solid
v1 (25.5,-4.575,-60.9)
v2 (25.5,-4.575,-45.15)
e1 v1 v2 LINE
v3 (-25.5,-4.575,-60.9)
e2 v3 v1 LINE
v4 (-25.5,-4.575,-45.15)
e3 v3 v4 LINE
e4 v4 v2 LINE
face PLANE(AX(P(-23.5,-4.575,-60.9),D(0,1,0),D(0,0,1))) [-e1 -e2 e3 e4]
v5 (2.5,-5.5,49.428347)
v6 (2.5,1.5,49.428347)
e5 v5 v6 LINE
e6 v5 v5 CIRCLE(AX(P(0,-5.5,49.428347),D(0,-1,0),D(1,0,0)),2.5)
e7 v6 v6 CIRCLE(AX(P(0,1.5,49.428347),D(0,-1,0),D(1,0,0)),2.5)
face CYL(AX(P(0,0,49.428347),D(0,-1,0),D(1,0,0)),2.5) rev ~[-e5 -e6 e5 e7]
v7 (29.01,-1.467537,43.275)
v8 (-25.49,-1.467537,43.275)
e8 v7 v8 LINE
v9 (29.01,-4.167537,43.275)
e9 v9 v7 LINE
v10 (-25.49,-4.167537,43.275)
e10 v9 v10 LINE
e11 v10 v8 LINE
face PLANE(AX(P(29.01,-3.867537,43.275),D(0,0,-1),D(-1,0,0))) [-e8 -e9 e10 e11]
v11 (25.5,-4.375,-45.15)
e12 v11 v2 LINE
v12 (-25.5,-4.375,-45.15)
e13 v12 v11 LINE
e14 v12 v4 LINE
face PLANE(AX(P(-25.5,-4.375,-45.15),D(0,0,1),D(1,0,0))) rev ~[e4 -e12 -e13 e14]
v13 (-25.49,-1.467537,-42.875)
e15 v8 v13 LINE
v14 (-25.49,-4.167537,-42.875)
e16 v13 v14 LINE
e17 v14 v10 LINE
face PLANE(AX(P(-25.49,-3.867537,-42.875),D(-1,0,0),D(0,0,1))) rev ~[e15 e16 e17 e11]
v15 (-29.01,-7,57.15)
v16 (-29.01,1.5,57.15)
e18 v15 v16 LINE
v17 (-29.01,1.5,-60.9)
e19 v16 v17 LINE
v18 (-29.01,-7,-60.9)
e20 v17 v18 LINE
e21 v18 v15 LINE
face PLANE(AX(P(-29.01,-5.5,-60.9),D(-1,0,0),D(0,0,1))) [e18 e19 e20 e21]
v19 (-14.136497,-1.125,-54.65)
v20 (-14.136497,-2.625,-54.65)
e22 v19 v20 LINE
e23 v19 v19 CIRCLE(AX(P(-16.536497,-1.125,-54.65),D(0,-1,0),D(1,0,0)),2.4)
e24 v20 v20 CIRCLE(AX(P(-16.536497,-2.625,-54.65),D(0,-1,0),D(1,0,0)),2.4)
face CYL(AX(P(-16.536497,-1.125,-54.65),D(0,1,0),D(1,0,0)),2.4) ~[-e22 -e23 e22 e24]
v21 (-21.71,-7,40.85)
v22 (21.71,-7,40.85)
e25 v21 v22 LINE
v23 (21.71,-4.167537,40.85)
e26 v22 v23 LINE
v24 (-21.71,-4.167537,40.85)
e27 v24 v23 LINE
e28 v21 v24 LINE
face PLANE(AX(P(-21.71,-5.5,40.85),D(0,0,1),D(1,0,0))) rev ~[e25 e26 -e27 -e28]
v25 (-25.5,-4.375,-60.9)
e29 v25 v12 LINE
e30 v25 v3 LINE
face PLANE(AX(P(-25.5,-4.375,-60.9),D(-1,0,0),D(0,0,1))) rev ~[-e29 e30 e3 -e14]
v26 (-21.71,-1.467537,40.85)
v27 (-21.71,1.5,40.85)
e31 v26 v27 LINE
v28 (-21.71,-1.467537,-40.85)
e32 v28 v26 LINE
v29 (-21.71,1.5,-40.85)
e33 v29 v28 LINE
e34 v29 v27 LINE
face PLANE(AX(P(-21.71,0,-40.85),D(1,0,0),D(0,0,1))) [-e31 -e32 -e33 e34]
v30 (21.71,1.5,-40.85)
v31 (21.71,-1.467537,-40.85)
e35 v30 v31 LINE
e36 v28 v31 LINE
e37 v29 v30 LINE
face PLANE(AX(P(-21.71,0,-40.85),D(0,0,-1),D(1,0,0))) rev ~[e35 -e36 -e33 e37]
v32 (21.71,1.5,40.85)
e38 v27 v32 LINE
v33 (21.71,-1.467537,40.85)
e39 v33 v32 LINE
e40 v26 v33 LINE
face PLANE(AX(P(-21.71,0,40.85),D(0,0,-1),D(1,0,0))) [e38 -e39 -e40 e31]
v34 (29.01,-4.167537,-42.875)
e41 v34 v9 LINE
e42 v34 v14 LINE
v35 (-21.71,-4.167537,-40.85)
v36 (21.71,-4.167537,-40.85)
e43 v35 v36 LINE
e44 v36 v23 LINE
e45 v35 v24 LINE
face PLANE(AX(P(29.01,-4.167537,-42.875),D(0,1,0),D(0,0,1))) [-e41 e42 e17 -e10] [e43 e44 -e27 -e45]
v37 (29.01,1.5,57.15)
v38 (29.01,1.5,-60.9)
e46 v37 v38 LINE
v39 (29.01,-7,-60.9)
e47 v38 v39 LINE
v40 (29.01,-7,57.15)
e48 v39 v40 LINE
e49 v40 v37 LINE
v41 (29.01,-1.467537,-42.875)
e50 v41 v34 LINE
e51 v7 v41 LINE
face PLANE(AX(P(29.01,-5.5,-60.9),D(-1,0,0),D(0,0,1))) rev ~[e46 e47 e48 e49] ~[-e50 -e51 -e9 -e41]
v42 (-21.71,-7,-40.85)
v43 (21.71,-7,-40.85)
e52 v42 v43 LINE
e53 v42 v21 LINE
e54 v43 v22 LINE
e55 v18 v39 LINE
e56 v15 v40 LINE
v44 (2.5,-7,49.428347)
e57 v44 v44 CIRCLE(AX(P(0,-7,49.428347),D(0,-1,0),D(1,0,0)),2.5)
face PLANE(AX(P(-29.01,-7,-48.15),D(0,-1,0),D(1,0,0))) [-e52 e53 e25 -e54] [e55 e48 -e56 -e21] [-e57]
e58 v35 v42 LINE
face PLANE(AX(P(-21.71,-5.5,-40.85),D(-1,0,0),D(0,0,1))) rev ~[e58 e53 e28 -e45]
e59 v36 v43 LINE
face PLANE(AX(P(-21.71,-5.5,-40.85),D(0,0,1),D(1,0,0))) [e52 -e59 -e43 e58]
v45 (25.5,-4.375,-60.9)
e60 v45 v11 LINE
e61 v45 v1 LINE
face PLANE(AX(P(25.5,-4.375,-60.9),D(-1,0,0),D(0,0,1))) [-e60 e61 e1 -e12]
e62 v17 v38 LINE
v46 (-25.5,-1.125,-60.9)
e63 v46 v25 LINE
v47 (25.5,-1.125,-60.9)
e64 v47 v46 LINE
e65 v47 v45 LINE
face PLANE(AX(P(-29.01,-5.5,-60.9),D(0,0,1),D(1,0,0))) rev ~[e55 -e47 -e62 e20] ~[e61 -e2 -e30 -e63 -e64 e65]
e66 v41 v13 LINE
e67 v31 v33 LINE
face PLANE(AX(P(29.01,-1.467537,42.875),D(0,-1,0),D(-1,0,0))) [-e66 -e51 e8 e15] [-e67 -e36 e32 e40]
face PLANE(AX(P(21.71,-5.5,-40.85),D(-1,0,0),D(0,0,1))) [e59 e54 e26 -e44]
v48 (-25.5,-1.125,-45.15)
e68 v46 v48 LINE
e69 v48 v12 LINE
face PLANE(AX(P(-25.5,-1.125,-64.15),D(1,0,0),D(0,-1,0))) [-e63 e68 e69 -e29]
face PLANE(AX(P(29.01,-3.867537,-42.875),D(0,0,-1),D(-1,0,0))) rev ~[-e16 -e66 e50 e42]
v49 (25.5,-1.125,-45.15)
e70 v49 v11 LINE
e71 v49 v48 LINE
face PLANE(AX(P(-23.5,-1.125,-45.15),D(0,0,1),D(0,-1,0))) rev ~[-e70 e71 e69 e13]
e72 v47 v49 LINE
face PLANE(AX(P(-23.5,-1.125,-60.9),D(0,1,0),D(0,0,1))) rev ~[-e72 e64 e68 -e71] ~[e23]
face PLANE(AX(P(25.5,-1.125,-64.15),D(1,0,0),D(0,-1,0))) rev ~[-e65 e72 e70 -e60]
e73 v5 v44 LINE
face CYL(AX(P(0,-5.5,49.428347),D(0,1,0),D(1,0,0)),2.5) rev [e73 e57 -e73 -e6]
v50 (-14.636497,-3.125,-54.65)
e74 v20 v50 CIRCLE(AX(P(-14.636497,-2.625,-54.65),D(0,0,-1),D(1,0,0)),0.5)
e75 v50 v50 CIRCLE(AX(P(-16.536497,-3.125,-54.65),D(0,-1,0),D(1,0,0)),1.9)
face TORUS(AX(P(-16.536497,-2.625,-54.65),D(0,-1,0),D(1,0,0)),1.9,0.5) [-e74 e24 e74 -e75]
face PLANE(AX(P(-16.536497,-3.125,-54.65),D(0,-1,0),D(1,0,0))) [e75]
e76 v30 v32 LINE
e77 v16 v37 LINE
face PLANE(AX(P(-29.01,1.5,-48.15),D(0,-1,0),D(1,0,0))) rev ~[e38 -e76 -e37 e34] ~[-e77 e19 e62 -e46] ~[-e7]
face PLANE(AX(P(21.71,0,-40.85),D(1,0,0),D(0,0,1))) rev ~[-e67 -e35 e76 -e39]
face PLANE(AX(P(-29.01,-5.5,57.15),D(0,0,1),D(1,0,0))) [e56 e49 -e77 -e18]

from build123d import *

# Parameters (mm, degrees)
F0_W      = 58.02
F0_H      = 96.3
F1_DEPTH  = 5.5
F2_W      = 43.42
F2_H      = 81.7
F3_DEPTH  = 5.501
F4_W      = 2.4
F4_H      = 85.75
F5_DEPTH  = 54.5
F6_DEPTH  = 9
F7_R      = 2.5
F8_DEPTH  = 5.501
F9_DEPTH  = 16
F10_W     = 47
F10_H     = 3.25
F11_DEPTH = 19
F13_DEPTH = 0.4
F14_DEPTH = 3.25
F15_DEPTH = 2
F16_DEPTH = 2
F12_R     = 2.4
F17_DEPTH = 2
F18_R     = 0.5
F19_DEPTH = 0.3
F20_DEPTH = 1.5
F21_DEPTH = 1.5
F22_DEPTH = 0.2


with BuildPart() as f1:
    # F0 (on Front) → F1 (new body)
    with BuildSketch(Plane.XZ):
        Rectangle(F0_W, F0_H)
    extrude(amount=F1_DEPTH)

    # F2 (on face) → F3 (cut, through all)
    with BuildSketch(Plane.XZ.offset(5.5)):
        Rectangle(F2_W, F2_H)
    extrude(amount=-F3_DEPTH, mode=Mode.SUBTRACT)

    # F4 (on face) → F5 (cut)
    with BuildSketch(Plane.YZ.offset(29.01)):
        with Locations((-2.6675368889, 0)):
            Rectangle(F4_W, F4_H)
    extrude(amount=-F5_DEPTH, mode=Mode.SUBTRACT)

    # F6 (add): a face of the model
    f6_faces = [f1.faces().sort_by_distance(p)[0] for p in [
        (0, -2.75, 48.15),
    ]]
    extrude(f6_faces, amount=F6_DEPTH)

    # F7 (on face) → F8 (cut, through all)
    with BuildSketch(Plane.XZ.offset(5.5)):
        with Locations((0, 49.4283474982)):
            Circle(F7_R)
    extrude(amount=-F8_DEPTH, mode=Mode.SUBTRACT)

    # F9 (add): a face of the model
    f9_faces = [f1.faces().sort_by_distance(p)[0] for p in [
        (0, -2.75, -48.15),
    ]]
    extrude(f9_faces, amount=F9_DEPTH)

    # F10 (on face) → F11 (cut)
    with BuildSketch(Plane(origin=(0, 0, -64.15), x_dir=(1, 0, 0), z_dir=(0, 0, -1))):
        with Locations((0, 2.75)):
            Rectangle(F10_W, F10_H)
    extrude(amount=-F11_DEPTH, mode=Mode.SUBTRACT)

    # F13 (cut): a face of the model
    f13_faces = [f1.faces().sort_by_distance(p)[0] for p in [
        (1.76, -2.6675368889, 42.875),
    ]]
    extrude(f13_faces, amount=-F13_DEPTH, mode=Mode.SUBTRACT)

    # F14 (cut): a face of the model
    f14_faces = [f1.faces().sort_by_distance(p)[0] for p in [
        (-28.4271989705, -2.75, -64.15),
    ]]
    extrude(f14_faces, amount=-F14_DEPTH, mode=Mode.SUBTRACT)

    # F15 (cut): a face of the model
    f15_faces = [f1.faces().sort_by_distance(p)[0] for p in [
        (23.5, -2.75, -53.025),
    ]]
    extrude(f15_faces, amount=-F15_DEPTH, mode=Mode.SUBTRACT)

    # F16 (cut): a face of the model
    f16_faces = [f1.faces().sort_by_distance(p)[0] for p in [
        (-23.5, -2.75, -53.025),
    ]]
    extrude(f16_faces, amount=-F16_DEPTH, mode=Mode.SUBTRACT)

    # F12 (on face) → F17 (join)
    with BuildSketch(Plane.XZ.offset(1.125)):
        with Locations((-16.5364966542, -54.65)):
            Circle(F12_R)
    extrude(amount=F17_DEPTH)

    # F18
    f18_edges = [f1.edges().sort_by_distance(p)[0] for p in [
        (-18.936497, -3.125, -54.65),
    ]]
    fillet(f18_edges, radius=F18_R)

    # F19 (cut): a face of the model
    f19_faces = [f1.faces().sort_by_distance(p)[0] for p in [
        (27.990584849, -3.8675368889, 0.2),
    ]]
    extrude(f19_faces, amount=-F19_DEPTH, mode=Mode.SUBTRACT)

    # F20 (add): a face of the model
    f20_faces = [f1.faces().sort_by_distance(p)[0] for p in [
        (27.6946246581, 0, -1.875),
    ]]
    extrude(f20_faces, amount=F20_DEPTH)

    # F21 (add): a face of the model
    f21_faces = [f1.faces().sort_by_distance(p)[0] for p in [
        (27.6946246581, -5.5, -1.875),
    ]]
    extrude(f21_faces, amount=F21_DEPTH)

    # F22 (cut): a face of the model
    f22_faces = [f1.faces().sort_by_distance(p)[0] for p in [
        (0, -4.375, -53.025),
    ]]
    extrude(f22_faces, amount=-F22_DEPTH, mode=Mode.SUBTRACT)


solid = f1.part
